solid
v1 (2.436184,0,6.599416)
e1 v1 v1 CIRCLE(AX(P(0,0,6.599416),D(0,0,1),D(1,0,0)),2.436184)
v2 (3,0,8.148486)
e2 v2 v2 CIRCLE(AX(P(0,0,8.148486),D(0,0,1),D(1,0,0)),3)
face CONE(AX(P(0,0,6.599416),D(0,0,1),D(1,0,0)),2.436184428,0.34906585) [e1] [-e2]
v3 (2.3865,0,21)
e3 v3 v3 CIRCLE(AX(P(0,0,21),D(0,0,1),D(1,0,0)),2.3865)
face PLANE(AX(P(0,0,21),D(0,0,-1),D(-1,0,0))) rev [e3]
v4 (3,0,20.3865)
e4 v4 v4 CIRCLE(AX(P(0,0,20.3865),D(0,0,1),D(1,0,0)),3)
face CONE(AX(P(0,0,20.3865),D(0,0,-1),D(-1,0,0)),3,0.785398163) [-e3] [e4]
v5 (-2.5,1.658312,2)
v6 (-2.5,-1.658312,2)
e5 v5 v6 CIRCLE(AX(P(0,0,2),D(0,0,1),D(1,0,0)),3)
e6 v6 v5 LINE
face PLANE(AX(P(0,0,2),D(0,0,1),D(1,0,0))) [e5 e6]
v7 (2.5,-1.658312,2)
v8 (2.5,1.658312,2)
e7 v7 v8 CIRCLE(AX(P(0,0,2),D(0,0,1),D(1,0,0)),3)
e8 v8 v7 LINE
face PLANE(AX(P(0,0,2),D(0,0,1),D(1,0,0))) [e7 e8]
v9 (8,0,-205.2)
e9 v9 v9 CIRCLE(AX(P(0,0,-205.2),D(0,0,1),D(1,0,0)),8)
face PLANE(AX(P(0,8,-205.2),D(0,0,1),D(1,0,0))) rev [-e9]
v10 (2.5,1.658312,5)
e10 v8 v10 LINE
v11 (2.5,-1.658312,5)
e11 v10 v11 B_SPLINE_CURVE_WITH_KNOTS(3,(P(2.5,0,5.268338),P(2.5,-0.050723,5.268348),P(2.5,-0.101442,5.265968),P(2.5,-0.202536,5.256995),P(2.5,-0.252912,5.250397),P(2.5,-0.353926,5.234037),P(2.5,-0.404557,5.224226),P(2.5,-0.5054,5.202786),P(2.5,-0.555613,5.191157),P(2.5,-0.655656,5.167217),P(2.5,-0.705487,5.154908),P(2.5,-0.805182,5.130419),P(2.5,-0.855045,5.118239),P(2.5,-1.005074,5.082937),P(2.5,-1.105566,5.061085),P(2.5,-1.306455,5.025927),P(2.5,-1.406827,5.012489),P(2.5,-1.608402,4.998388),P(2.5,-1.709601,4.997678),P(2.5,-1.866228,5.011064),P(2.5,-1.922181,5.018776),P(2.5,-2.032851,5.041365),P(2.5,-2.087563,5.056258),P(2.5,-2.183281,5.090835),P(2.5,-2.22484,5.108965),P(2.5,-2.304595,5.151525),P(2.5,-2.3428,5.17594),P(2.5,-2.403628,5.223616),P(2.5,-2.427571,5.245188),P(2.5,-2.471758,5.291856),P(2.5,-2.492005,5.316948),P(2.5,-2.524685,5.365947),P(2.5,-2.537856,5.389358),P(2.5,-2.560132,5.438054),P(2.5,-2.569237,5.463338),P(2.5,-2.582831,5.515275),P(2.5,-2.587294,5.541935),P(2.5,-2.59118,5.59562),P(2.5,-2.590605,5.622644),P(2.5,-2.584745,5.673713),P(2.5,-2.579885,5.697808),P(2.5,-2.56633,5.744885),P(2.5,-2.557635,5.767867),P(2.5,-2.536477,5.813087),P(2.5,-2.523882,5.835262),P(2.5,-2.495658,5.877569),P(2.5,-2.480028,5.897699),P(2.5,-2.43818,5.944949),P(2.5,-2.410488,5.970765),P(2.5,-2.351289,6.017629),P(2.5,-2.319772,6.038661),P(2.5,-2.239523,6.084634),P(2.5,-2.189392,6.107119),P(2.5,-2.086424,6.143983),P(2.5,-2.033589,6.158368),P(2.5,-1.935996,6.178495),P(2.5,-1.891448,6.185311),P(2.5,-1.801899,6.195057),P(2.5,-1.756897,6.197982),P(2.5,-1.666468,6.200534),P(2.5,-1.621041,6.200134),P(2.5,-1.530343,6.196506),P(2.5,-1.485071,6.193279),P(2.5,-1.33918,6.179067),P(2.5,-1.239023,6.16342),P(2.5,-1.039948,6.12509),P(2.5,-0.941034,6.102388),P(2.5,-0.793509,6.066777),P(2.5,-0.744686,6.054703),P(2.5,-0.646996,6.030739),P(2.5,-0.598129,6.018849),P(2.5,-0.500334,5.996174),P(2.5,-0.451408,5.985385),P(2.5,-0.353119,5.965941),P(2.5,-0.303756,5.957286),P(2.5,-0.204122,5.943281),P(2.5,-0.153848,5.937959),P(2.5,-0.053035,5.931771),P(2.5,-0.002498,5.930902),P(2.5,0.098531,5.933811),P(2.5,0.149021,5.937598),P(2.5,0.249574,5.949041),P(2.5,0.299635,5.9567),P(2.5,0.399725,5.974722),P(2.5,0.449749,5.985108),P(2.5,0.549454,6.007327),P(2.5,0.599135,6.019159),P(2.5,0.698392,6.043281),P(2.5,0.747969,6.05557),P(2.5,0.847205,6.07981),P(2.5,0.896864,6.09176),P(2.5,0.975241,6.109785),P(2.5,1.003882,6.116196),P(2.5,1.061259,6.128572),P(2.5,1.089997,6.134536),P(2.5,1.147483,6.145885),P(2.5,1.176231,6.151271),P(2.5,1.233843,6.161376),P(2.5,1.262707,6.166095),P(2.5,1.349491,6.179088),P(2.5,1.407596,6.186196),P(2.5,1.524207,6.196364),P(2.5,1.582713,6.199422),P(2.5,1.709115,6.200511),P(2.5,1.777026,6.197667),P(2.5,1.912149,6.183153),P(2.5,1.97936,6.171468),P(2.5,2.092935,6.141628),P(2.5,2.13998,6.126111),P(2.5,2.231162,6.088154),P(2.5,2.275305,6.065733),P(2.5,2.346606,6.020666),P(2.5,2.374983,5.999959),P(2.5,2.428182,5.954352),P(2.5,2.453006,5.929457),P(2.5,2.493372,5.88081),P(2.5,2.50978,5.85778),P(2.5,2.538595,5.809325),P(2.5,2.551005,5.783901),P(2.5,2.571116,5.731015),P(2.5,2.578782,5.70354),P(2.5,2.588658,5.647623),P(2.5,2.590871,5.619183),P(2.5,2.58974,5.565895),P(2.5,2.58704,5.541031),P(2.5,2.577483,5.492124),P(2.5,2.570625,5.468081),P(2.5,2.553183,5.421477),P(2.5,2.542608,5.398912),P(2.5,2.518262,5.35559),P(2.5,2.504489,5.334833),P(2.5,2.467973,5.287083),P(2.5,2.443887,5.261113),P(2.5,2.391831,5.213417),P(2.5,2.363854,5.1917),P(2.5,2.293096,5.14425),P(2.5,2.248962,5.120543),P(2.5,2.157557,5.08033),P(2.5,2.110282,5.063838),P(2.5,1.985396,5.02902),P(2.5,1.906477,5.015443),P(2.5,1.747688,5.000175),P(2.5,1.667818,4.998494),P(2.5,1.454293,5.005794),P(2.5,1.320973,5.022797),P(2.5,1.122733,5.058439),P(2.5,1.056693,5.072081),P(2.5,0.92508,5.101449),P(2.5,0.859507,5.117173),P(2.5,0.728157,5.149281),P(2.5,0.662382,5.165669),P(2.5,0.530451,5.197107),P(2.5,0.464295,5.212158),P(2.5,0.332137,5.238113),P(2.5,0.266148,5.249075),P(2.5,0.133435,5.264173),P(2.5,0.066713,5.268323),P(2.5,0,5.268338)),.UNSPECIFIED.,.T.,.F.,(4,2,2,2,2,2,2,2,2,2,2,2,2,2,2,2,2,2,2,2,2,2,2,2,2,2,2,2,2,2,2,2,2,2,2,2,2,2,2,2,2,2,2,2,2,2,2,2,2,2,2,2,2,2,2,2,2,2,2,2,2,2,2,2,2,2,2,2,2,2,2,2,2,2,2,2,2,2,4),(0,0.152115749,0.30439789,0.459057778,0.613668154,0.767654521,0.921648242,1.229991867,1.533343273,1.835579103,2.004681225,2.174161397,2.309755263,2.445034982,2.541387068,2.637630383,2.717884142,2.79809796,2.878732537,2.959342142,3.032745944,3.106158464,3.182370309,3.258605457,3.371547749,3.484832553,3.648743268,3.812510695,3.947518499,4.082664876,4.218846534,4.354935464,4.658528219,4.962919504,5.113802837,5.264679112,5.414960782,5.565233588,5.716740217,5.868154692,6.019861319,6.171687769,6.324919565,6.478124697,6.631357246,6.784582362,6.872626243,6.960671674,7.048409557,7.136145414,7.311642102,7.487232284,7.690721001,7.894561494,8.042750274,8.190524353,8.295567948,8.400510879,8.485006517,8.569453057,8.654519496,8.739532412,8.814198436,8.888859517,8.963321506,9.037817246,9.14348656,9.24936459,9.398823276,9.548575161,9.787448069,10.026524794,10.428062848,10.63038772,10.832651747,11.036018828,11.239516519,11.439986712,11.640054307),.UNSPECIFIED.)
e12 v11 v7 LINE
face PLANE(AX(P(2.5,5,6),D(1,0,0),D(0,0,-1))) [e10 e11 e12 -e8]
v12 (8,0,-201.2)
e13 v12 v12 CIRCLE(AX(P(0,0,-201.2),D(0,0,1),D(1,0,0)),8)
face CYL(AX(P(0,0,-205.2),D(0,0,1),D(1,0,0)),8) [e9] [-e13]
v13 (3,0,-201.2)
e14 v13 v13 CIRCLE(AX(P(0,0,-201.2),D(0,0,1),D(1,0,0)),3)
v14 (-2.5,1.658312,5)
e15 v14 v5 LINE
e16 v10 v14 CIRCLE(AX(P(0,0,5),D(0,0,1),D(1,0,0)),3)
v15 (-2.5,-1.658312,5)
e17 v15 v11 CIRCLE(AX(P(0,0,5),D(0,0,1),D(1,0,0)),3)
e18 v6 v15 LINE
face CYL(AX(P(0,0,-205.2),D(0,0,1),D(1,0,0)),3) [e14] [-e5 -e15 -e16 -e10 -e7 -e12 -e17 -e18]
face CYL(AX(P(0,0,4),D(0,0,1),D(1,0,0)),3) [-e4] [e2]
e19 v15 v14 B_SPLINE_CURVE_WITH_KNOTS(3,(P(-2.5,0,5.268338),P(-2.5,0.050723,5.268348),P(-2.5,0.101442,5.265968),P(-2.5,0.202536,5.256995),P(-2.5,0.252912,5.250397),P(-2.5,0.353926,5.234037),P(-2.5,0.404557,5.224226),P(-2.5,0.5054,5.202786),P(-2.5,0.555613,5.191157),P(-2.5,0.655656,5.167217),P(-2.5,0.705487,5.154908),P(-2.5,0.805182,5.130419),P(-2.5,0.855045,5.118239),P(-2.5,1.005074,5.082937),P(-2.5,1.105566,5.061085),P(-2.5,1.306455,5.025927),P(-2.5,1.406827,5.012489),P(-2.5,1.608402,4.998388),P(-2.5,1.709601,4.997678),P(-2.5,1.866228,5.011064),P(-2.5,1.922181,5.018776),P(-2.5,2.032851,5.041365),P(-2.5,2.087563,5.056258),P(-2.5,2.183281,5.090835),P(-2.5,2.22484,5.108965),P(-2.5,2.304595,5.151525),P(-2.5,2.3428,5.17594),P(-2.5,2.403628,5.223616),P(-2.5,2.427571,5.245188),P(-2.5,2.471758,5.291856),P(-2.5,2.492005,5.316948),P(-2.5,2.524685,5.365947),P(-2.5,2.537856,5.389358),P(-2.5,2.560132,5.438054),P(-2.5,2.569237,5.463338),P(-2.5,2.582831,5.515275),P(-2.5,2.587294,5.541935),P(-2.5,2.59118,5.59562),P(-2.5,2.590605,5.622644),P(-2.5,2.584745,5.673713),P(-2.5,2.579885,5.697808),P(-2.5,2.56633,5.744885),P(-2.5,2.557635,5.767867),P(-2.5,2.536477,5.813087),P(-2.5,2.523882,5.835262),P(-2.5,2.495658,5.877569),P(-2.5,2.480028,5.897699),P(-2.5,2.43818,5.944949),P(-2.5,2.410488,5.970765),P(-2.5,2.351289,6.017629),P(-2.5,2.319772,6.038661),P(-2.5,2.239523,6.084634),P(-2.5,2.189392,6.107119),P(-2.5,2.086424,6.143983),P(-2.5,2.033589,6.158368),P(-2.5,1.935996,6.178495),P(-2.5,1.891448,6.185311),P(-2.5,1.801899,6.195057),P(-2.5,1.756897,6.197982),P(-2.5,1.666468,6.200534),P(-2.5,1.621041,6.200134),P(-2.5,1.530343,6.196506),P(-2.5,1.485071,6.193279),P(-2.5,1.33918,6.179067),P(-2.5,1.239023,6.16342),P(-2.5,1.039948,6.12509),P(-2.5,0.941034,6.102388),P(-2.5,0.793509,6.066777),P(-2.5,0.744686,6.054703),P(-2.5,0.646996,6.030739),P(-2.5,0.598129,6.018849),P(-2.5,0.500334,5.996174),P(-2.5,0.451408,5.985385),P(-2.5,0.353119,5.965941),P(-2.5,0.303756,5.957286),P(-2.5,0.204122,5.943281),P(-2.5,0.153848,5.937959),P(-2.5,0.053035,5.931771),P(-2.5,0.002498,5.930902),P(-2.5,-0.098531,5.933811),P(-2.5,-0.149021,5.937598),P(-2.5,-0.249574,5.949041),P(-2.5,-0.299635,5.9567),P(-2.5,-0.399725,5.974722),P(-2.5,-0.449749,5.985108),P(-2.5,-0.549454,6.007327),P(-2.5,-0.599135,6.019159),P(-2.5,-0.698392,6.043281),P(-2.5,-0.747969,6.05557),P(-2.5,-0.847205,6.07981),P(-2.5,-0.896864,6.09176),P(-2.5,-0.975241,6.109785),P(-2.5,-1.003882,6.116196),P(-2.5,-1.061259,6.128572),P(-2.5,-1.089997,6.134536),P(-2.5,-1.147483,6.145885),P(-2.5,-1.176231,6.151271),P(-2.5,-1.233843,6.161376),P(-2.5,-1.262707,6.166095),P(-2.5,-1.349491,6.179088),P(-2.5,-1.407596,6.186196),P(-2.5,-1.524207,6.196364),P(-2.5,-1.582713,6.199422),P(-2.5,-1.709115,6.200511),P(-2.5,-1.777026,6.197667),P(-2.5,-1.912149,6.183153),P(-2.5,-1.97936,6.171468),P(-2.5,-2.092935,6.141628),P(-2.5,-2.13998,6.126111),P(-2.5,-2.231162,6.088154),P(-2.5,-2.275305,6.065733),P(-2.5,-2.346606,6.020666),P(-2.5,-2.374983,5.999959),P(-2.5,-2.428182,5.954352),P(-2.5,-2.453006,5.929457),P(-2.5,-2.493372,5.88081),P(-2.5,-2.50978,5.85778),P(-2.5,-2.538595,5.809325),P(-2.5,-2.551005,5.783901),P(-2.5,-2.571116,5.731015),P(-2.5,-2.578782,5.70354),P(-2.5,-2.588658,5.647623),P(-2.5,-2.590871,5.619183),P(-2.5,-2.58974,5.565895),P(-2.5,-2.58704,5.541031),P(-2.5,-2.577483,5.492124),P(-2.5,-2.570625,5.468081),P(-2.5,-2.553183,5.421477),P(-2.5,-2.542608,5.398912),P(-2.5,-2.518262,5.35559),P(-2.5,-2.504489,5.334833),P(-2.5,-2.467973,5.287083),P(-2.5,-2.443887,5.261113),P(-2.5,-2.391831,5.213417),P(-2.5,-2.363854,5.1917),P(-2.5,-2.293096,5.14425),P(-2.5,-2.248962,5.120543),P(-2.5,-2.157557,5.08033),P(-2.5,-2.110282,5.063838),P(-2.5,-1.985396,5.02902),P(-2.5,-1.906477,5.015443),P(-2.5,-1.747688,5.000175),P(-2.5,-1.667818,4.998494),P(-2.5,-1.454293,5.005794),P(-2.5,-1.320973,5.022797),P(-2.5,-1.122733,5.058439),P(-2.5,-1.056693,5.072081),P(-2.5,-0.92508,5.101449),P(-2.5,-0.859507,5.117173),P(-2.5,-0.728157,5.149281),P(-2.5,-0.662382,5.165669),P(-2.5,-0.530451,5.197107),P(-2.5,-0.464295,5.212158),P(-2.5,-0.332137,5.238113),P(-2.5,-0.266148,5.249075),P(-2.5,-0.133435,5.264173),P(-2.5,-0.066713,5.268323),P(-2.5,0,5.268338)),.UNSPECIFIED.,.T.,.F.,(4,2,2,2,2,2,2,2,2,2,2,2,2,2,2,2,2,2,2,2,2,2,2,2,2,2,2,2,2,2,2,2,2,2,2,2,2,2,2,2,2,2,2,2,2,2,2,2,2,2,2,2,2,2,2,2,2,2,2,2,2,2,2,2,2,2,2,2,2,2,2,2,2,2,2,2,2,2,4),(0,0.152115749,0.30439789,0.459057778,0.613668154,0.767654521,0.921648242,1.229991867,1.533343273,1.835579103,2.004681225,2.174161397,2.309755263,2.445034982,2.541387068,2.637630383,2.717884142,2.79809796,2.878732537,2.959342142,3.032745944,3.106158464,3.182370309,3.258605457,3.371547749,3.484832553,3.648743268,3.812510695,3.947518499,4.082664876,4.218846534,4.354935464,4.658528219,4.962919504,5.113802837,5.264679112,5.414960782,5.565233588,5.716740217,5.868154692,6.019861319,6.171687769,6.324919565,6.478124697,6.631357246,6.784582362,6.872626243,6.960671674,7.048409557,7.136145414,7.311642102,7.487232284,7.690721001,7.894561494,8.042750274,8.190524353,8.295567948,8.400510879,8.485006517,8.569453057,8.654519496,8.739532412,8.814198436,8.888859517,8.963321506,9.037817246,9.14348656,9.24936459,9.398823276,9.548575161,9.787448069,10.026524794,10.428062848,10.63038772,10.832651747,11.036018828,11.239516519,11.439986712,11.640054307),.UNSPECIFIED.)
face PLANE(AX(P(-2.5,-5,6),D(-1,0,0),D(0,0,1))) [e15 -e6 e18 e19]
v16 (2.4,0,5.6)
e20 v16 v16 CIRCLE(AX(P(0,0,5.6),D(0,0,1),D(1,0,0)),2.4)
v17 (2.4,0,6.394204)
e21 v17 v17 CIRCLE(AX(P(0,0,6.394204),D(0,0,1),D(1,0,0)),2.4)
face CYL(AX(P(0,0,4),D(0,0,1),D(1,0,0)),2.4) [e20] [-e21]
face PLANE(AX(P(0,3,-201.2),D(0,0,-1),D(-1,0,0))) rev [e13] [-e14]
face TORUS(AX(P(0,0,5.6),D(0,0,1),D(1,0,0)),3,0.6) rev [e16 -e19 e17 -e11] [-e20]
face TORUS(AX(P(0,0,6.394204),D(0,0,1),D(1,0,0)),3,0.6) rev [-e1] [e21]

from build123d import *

# Parameters (mm, degrees)
SCHNITT_LINEAR_AUSTRAGEN1_DEPTH = 4


with BuildPart() as part:
    # Skizze1 → Rotation1 (revolve)
    with BuildSketch(Plane(origin=(0, 0, 0), x_dir=(0, 0, -1), z_dir=(1, 0, 0))):
        Polygon((-5, 0), (-5, 3), (201.2, 3), (201.2, 8), (205.2, 8), (205.2, 0), align=None)
    revolve(axis=Axis((0, 0, -205.2), (0, 0, 1)))

    # Skizze2 → Rotation2 (revolve)
    with BuildSketch(Plane(origin=(0, 0, 0), x_dir=(0, 0, -1), z_dir=(1, 0, 0))):
        with BuildLine():
            Line((-21, 0), (-21, 2.3865))
            Line((-21, 2.3865), (-20.3865, 3))
            Line((-20.3865, 3), (-8.148486452, 3))
            Line((-8.148486452, 3), (-6.599415898, 2.436184428))
            ThreePointArc((-6.599415898, 2.436184428), (-6.498392718, 2.409115348), (-6.394203812, 2.4))
            Line((-6.394203812, 2.4), (-5.6, 2.4))
            ThreePointArc((-5.6, 2.4), (-5.175735931, 2.575735931), (-5, 3))
            Line((-5, 3), (-4, 3))
            Line((-4, 3), (-4, 0))
            Line((-4, 0), (-21, 0))
        make_face()
    revolve(axis=Axis((0, 0, 4), (0, 0, 1)))

    # Skizze3 → Schnitt-Linear austragen1 (cut)
    with BuildSketch(Plane.XY.offset(2)):
        Polygon((-5, 10), (-5, -5), (-2.5, -5), (-2.5, 5), (2.5, 5), (2.5, -5), (5, -5), (5, 10), align=None)
    extrude(amount=SCHNITT_LINEAR_AUSTRAGEN1_DEPTH, mode=Mode.SUBTRACT)


solid = part.part
